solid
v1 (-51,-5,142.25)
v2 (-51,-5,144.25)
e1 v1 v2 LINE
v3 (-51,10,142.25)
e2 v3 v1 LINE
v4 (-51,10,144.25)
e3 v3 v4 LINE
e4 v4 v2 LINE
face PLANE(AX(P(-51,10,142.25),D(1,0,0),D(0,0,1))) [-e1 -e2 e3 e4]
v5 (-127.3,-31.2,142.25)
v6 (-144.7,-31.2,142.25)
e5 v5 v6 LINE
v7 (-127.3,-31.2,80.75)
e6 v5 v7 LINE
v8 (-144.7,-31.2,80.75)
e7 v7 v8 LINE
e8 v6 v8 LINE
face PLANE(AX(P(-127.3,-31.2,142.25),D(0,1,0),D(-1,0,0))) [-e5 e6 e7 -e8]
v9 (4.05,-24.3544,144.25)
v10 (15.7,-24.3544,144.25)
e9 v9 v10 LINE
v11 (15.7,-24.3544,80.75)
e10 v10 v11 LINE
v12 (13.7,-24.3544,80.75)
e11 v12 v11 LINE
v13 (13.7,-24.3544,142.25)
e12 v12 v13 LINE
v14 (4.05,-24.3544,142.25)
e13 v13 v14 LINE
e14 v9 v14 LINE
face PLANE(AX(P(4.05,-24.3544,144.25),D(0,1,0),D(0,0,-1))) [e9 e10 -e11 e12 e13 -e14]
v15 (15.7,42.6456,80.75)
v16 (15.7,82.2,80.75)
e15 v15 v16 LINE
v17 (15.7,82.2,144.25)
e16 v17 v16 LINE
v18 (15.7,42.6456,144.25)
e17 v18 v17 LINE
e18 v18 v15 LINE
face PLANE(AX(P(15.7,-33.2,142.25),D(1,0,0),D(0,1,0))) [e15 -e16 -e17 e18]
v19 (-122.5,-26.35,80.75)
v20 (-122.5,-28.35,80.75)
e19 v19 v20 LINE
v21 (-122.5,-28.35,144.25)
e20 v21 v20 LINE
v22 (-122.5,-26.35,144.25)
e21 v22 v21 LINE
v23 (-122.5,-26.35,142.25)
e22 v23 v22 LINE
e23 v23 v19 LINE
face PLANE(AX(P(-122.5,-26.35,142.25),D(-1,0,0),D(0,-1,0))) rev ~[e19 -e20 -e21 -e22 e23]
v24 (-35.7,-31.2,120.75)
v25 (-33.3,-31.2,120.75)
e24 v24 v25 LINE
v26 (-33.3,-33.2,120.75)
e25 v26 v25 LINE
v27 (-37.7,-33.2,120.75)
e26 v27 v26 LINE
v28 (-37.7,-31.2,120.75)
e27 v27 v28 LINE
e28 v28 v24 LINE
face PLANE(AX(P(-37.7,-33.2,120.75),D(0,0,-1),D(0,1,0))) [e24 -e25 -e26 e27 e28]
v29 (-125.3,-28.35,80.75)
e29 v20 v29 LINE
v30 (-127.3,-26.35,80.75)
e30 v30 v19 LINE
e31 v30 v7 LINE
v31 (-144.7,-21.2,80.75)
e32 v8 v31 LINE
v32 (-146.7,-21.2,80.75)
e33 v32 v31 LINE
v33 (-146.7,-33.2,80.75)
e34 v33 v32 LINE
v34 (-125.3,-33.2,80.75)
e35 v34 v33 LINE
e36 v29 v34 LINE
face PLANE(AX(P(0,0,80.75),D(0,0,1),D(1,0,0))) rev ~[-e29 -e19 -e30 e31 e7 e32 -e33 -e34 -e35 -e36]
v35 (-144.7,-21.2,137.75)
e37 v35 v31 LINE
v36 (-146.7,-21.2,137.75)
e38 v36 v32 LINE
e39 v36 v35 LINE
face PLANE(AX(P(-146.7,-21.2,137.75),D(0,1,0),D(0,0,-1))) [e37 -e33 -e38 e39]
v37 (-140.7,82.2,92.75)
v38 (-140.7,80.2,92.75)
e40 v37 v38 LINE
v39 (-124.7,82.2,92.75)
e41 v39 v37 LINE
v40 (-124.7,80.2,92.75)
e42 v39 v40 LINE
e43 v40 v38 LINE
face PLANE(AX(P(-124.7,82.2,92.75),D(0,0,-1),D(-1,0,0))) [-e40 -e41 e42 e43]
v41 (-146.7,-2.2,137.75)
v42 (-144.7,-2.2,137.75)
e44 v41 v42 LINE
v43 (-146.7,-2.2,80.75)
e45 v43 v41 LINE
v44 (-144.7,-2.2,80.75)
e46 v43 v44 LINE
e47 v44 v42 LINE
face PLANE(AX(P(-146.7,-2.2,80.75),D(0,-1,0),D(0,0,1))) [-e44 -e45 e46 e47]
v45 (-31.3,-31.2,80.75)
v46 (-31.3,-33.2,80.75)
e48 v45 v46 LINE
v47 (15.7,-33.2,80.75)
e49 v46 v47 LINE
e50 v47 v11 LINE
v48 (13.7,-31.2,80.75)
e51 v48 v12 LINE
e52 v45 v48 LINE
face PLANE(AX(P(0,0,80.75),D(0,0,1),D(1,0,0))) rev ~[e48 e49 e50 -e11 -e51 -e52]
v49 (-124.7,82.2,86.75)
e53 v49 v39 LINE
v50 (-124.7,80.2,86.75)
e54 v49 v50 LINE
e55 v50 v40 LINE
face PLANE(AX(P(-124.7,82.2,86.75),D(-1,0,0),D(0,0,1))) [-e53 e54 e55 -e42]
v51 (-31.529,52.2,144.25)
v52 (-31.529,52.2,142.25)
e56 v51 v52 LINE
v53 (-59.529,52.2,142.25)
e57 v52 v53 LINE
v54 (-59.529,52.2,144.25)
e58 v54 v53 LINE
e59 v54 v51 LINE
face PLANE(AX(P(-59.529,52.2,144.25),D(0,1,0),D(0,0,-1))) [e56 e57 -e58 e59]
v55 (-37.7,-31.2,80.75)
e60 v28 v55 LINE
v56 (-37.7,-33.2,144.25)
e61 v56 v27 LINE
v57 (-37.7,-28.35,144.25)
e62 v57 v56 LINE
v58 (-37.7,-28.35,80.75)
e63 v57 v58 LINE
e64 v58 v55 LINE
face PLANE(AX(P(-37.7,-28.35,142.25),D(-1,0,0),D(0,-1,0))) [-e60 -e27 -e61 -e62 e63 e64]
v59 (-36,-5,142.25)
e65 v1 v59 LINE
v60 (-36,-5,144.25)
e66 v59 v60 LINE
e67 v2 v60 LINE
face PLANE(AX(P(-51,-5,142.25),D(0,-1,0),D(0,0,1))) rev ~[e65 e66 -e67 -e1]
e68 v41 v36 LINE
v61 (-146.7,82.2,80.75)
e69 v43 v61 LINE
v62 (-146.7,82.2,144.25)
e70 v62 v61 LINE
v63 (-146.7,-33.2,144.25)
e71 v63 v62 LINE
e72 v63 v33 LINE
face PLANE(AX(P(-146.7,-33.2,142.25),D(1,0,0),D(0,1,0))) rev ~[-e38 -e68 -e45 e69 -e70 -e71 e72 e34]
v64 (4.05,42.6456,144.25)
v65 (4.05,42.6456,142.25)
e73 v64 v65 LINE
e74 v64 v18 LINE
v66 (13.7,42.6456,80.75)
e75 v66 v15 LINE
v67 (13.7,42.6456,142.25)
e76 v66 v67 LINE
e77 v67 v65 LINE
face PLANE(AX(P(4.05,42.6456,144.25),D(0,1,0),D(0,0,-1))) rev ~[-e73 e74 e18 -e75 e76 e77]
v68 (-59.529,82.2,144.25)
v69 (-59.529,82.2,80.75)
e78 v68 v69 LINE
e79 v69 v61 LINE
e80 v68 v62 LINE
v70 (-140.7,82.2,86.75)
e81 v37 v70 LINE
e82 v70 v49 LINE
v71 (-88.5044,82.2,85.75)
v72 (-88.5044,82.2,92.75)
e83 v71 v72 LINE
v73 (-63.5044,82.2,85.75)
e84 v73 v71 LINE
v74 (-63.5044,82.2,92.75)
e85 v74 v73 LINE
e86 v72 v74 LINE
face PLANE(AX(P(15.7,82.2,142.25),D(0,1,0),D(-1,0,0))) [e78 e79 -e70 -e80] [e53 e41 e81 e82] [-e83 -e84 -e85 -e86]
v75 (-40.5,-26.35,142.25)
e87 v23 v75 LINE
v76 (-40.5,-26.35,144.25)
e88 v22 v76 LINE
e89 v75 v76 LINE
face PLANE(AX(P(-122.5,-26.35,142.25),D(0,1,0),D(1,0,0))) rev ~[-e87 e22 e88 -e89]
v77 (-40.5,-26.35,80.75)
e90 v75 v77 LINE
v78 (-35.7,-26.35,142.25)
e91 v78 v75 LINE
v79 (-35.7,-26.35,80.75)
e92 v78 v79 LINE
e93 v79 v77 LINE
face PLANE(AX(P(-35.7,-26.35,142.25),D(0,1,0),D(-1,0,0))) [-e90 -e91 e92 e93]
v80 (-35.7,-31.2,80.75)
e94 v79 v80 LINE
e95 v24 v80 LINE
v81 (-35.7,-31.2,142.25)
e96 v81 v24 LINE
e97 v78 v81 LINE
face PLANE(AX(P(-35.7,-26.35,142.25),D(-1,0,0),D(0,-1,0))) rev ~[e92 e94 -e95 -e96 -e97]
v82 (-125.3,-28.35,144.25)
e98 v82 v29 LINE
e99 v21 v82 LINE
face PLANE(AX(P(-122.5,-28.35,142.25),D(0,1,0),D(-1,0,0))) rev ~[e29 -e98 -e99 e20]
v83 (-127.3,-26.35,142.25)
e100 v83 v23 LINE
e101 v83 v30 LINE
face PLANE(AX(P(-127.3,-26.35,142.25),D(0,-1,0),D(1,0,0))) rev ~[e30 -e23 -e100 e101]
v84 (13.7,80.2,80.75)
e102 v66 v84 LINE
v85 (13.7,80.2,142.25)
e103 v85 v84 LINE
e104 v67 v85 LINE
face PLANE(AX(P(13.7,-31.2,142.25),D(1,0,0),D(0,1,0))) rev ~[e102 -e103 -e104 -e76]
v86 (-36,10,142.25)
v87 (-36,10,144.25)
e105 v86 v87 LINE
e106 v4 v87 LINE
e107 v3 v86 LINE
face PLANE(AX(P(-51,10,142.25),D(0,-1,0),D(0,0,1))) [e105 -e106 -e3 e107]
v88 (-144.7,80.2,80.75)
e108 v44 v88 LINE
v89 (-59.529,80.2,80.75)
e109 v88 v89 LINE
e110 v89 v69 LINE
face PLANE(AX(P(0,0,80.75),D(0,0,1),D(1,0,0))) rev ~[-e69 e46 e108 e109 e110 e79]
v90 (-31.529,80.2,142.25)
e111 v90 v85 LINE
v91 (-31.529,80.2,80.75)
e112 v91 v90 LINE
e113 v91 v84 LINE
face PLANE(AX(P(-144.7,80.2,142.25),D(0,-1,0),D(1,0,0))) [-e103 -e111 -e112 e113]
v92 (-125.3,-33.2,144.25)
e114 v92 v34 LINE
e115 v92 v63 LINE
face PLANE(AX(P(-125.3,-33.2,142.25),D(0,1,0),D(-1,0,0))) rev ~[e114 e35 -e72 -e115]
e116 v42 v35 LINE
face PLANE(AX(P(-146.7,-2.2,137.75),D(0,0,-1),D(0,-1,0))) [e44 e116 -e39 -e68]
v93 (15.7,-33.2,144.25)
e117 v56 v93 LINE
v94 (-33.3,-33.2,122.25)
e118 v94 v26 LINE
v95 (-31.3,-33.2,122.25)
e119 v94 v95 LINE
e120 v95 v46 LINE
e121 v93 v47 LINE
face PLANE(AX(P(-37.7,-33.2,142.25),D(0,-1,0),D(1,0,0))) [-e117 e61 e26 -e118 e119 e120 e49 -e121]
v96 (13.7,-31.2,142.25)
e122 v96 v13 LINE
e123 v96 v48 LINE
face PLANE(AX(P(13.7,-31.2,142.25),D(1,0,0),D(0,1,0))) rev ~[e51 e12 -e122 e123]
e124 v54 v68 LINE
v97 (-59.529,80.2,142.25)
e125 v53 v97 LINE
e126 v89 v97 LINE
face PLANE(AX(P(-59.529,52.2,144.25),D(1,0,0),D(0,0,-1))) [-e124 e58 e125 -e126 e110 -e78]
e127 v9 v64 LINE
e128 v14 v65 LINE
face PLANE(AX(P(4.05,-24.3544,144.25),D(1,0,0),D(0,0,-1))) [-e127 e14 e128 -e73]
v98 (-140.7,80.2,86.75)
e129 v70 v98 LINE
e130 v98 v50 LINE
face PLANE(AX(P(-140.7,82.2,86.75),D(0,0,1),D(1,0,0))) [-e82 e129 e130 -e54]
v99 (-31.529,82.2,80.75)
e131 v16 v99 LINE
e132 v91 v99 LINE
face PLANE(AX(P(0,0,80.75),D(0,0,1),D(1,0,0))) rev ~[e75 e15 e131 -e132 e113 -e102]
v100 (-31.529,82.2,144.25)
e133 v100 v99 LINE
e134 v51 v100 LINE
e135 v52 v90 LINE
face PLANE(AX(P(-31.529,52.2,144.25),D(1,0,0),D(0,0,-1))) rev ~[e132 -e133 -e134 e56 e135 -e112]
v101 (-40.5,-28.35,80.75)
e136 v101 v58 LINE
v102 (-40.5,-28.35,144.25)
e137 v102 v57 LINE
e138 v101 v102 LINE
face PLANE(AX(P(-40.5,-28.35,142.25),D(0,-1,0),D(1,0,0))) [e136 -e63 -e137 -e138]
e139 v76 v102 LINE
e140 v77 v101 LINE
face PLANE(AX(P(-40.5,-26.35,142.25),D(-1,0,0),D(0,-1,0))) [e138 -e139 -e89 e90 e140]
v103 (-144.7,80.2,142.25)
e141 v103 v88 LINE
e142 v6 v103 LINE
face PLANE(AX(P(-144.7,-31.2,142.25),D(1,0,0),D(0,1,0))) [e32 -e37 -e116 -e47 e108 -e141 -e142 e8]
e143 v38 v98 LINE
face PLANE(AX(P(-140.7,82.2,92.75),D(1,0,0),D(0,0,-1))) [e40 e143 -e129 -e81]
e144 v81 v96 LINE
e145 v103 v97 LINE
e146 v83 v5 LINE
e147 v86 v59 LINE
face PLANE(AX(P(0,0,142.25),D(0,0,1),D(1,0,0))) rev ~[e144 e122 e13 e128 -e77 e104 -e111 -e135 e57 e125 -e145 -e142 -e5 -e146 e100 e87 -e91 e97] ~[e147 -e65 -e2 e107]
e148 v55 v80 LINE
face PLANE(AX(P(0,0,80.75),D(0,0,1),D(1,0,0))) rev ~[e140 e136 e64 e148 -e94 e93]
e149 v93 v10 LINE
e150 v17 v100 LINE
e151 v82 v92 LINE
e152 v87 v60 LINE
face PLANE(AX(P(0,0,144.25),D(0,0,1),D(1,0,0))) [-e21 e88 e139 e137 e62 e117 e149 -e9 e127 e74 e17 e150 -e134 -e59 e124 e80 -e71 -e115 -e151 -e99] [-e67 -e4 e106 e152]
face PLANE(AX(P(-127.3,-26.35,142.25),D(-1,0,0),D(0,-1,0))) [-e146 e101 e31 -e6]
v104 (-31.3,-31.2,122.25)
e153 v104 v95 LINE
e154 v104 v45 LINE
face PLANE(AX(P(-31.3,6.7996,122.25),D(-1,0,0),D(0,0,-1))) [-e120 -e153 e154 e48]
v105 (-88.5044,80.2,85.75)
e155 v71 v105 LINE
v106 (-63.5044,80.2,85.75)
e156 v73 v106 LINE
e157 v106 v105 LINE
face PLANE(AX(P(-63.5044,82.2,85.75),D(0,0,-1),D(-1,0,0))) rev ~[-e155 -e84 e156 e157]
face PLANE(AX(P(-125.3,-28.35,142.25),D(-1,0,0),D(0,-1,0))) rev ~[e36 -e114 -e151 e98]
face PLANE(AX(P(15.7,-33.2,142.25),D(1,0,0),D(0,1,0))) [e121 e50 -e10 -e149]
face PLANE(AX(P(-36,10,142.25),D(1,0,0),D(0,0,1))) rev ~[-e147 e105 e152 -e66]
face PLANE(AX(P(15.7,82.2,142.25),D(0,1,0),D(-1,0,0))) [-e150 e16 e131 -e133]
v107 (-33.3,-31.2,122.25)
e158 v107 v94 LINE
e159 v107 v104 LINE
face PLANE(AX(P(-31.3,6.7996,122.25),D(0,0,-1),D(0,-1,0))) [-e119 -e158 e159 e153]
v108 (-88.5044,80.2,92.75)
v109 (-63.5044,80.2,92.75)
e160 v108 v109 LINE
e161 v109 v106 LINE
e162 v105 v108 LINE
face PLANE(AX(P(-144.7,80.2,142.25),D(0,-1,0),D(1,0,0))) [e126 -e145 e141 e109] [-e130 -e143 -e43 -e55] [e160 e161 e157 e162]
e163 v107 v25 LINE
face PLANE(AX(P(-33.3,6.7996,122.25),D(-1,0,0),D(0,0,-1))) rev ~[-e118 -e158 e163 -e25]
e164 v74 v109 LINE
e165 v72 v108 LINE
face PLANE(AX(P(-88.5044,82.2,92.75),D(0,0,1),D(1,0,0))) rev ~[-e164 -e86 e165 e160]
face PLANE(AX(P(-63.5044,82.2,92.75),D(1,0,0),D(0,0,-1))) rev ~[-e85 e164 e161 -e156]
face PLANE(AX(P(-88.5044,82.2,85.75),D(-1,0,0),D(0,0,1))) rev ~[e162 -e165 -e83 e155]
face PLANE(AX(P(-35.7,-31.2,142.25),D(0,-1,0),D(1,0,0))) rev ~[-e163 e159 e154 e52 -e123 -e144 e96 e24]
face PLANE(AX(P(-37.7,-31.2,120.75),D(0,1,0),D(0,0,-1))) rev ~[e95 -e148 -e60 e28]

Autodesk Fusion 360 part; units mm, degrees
ref_plane "Arbeitsebene1" through (-71.75, -25.15, 142.25) normal (0, 0, 1) x (0, -1, 0)
sketch "Skizze1" plane through (0, 0, 142.25) normal (0, 0, 1) x (1, 0, 0)
  line L0 (-35.7, -26.35) -> (-35.7, -31.2)
  line L1 (-35.7, -26.35) -> (-40.5, -26.35)
  line L2 (-40.5, -26.35) -> (-40.5, -28.35)
  line L3 (-35.5, -1) -> (-35.5, -31)
  line L4 (-33.5, -26.15) -> (-40.5, -26.15)
  line L5 (-40.5, -28.35) -> (-37.7, -28.35)
  line L6 (-37.7, -28.35) -> (-37.7, -33.2)
  line L7 (-37.7, -33.2) -> (15.7, -33.2)
  line L8 (-35.7, -31.2) -> (13.7, -31.2)
  line L9 (15.7, -33.2) -> (15.7, 82.2)
  line L10 (-127.3, -26.35) -> (-127.3, -31.2)
  line L11 (-127.3, -26.35) -> (-122.5, -26.35)
  line L12 (-103, -26.15) -> (-129.5, -26.15)
  line L13 (-127.5, -1) -> (-127.5, -31)
  line L14 (-122.5, -26.35) -> (-122.5, -28.35)
  line L15 (-122.5, -28.35) -> (-125.3, -28.35)
  line L16 (-125.3, -28.35) -> (-125.3, -33.2)
  line L17 (-125.3, -33.2) -> (-146.7, -33.2)
  line L18 (-127.3, -31.2) -> (-144.7, -31.2)
  line L19 (-144.7, -31.2) -> (-144.7, 80.2)
  line L20 (-146.7, -33.2) -> (-146.7, 82.2)
  line L21 (15.7, 82.2) -> (-146.7, 82.2)
  line L22 (-144.7, 80.2) -> (13.7, 80.2)
  line L23 (13.7, -31.2) -> (13.7, 80.2)
  line L24 (-122.5, -26.35) -> (-40.5, -26.35)
  dimension "d51" = 0.2
  dimension "d52" = 0.2
  dimension "d53" = 4.8
  dimension "d54" = 2
  dimension "d55" = 4.85
  dimension "d56" = 2.8
  dimension "d57" = 4.85
  dimension "d58" = 53.4
  dimension "d59" = 49.4
  dimension "d60" = 115.4
  dimension "d61" = 0.2
  dimension "d62" = 0.2
  dimension "d63" = 4.8
  dimension "d64" = 4.85
  dimension "d65" = 2
  dimension "d66" = 2.8
  dimension "d67" = 4.85
  dimension "d68" = 21.4
  dimension "d69" = 17.4
  dimension "d70" = 111.4
  dimension "d71" = 115.4
  dimension "d72" = 158.4
  dimension "d73" = 162.4
  dimension "d74" = 111.4
extrude "Extrusion1" add sketch "Skizze1" along normal blind 2
extrude "Extrusion2" add sketch "Skizze1" against normal blind 61.5 contours L0 L1 L2 L5 L6 L7 L8 L9 L10 L11 L14 L15 L16 L17 L18 L19 L20 L21 L22 L23
box "Grundkörper Quader5" cut length 67 width 11.65 height -63.5 placed x (0, 1, 0) y (1, 0, 0) z (0, 0, -1) at (4.05, -24.3544, 80.75)
box "Grundkörper Quader1" cut length 40 width 2 height -41.5 placed x (0, -1, 0) y (-1, 0, 0) z (0, 0, -1) at (-31.3, 6.7996, 80.75)
box "Grundkörper Quader2" cut length 2 width 4.4 height -40 placed x (0, 1, 0) y (1, 0, 0) z (0, 0, -1) at (-37.7, -33.2, 80.75)
sketch "Skizze10" plane through (0, 82.2, 0) normal (0, 1, 0) x (-1, 0, 0)
  line L0 (146.7, 80.75) -> (146.7, 144.25)
  line L1 (146.7, 144.25) -> (-15.7, 144.25)
  line L2 (-15.7, 144.25) -> (-15.7, 80.75)
  line L3 (-15.7, 80.75) -> (146.7, 80.75)
  line L4 (146.7, 80.75) -> (124.7, 80.75) construction
  line L5 (124.7, 80.75) -> (124.7, 92.75) construction
  line L6 (124.7, 92.75) -> (146.7, 92.75) construction
  line L7 (146.7, 92.75) -> (146.7, 80.75) construction
  line L8 (146.7, 80.75) -> (140.7, 80.75) construction
  line L9 (140.7, 80.75) -> (140.7, 86.75) construction
  line L10 (140.7, 86.75) -> (146.7, 86.75) construction
  line L11 (146.7, 86.75) -> (146.7, 80.75) construction
  line L12 (140.7, 86.75) -> (124.7, 86.75)
  line L13 (124.7, 86.75) -> (124.7, 92.75)
  line L14 (124.7, 92.75) -> (140.7, 92.75)
  line L15 (140.7, 92.75) -> (140.7, 86.75)
  line L16 (58.5044, 80.75) -> (88.5044, 80.75) construction
  line L17 (88.5044, 80.75) -> (88.5044, 92.75) construction
  line L18 (88.5044, 92.75) -> (58.5044, 92.75) construction
  line L19 (58.5044, 92.75) -> (58.5044, 80.75) construction
  line L20 (58.5044, 80.75) -> (63.5044, 80.75) construction
  line L21 (63.5044, 80.75) -> (63.5044, 85.75) construction
  line L22 (63.5044, 85.75) -> (58.5044, 85.75) construction
  line L23 (58.5044, 85.75) -> (58.5044, 80.75) construction
  line L24 (63.5044, 85.75) -> (88.5044, 85.75)
  line L25 (88.5044, 85.75) -> (88.5044, 92.75)
  line L26 (88.5044, 92.75) -> (63.5044, 92.75)
  line L27 (63.5044, 92.75) -> (63.5044, 85.75)
  dimension "d87" = 22
  dimension "d88" = 12
  dimension "d89" = 6
  dimension "d90" = 6
  dimension "d93" = 30
  dimension "d94" = 12
  dimension "d95" = 5
  dimension "d96" = 5
extrude "Extrusion3" cut sketch "Skizze10" against normal blind 2 contours L12 L13 L14 L15 | L24 L25 L26 L27
box "Grundkörper Quader3" cut length 30 width 28 height -63.5 placed x (0, 1, 0) y (1, 0, 0) z (0, 0, -1) at (-59.529, 52.2, 80.75)
box "Grundkörper Quader4" cut length 15 width 15 height -2 placed x (0, -1, 0) y (1, 0, 0) z (0, 0, 1) at (-51, 10, 144.25)
sketch "Skizze14" plane through (-146.7, 0, 0) normal (-1, 0, 0) x (0, -1, 0)
  line L0 (33.2, 80.75) -> (33.2, 144.25)
  line L1 (33.2, 144.25) -> (-82.2, 144.25)
  line L2 (-82.2, 144.25) -> (-82.2, 80.75)
  line L3 (-82.2, 80.75) -> (33.2, 80.75)
  line L4 (33.2, 80.75) -> (21.2, 80.75) construction
  line L5 (33.2, 80.75) -> (2.2, 80.75) construction
  line L6 (2.2, 80.75) -> (2.2, 137.75) construction
  line L7 (2.2, 137.75) -> (33.2, 137.75) construction
  line L8 (33.2, 137.75) -> (33.2, 80.75) construction
  line L9 (21.2, 80.75) -> (2.2, 80.75)
  line L10 (2.2, 80.75) -> (2.2, 137.75)
  line L11 (2.2, 137.75) -> (21.2, 137.75)
  line L12 (21.2, 137.75) -> (21.2, 80.75)
  dimension "d112" = 12
  dimension "d114" = 31
  dimension "d115" = 57
extrude "Extrusion4" cut sketch "Skizze14" against normal blind 2 contours L3 L9 L10 L11 L12
